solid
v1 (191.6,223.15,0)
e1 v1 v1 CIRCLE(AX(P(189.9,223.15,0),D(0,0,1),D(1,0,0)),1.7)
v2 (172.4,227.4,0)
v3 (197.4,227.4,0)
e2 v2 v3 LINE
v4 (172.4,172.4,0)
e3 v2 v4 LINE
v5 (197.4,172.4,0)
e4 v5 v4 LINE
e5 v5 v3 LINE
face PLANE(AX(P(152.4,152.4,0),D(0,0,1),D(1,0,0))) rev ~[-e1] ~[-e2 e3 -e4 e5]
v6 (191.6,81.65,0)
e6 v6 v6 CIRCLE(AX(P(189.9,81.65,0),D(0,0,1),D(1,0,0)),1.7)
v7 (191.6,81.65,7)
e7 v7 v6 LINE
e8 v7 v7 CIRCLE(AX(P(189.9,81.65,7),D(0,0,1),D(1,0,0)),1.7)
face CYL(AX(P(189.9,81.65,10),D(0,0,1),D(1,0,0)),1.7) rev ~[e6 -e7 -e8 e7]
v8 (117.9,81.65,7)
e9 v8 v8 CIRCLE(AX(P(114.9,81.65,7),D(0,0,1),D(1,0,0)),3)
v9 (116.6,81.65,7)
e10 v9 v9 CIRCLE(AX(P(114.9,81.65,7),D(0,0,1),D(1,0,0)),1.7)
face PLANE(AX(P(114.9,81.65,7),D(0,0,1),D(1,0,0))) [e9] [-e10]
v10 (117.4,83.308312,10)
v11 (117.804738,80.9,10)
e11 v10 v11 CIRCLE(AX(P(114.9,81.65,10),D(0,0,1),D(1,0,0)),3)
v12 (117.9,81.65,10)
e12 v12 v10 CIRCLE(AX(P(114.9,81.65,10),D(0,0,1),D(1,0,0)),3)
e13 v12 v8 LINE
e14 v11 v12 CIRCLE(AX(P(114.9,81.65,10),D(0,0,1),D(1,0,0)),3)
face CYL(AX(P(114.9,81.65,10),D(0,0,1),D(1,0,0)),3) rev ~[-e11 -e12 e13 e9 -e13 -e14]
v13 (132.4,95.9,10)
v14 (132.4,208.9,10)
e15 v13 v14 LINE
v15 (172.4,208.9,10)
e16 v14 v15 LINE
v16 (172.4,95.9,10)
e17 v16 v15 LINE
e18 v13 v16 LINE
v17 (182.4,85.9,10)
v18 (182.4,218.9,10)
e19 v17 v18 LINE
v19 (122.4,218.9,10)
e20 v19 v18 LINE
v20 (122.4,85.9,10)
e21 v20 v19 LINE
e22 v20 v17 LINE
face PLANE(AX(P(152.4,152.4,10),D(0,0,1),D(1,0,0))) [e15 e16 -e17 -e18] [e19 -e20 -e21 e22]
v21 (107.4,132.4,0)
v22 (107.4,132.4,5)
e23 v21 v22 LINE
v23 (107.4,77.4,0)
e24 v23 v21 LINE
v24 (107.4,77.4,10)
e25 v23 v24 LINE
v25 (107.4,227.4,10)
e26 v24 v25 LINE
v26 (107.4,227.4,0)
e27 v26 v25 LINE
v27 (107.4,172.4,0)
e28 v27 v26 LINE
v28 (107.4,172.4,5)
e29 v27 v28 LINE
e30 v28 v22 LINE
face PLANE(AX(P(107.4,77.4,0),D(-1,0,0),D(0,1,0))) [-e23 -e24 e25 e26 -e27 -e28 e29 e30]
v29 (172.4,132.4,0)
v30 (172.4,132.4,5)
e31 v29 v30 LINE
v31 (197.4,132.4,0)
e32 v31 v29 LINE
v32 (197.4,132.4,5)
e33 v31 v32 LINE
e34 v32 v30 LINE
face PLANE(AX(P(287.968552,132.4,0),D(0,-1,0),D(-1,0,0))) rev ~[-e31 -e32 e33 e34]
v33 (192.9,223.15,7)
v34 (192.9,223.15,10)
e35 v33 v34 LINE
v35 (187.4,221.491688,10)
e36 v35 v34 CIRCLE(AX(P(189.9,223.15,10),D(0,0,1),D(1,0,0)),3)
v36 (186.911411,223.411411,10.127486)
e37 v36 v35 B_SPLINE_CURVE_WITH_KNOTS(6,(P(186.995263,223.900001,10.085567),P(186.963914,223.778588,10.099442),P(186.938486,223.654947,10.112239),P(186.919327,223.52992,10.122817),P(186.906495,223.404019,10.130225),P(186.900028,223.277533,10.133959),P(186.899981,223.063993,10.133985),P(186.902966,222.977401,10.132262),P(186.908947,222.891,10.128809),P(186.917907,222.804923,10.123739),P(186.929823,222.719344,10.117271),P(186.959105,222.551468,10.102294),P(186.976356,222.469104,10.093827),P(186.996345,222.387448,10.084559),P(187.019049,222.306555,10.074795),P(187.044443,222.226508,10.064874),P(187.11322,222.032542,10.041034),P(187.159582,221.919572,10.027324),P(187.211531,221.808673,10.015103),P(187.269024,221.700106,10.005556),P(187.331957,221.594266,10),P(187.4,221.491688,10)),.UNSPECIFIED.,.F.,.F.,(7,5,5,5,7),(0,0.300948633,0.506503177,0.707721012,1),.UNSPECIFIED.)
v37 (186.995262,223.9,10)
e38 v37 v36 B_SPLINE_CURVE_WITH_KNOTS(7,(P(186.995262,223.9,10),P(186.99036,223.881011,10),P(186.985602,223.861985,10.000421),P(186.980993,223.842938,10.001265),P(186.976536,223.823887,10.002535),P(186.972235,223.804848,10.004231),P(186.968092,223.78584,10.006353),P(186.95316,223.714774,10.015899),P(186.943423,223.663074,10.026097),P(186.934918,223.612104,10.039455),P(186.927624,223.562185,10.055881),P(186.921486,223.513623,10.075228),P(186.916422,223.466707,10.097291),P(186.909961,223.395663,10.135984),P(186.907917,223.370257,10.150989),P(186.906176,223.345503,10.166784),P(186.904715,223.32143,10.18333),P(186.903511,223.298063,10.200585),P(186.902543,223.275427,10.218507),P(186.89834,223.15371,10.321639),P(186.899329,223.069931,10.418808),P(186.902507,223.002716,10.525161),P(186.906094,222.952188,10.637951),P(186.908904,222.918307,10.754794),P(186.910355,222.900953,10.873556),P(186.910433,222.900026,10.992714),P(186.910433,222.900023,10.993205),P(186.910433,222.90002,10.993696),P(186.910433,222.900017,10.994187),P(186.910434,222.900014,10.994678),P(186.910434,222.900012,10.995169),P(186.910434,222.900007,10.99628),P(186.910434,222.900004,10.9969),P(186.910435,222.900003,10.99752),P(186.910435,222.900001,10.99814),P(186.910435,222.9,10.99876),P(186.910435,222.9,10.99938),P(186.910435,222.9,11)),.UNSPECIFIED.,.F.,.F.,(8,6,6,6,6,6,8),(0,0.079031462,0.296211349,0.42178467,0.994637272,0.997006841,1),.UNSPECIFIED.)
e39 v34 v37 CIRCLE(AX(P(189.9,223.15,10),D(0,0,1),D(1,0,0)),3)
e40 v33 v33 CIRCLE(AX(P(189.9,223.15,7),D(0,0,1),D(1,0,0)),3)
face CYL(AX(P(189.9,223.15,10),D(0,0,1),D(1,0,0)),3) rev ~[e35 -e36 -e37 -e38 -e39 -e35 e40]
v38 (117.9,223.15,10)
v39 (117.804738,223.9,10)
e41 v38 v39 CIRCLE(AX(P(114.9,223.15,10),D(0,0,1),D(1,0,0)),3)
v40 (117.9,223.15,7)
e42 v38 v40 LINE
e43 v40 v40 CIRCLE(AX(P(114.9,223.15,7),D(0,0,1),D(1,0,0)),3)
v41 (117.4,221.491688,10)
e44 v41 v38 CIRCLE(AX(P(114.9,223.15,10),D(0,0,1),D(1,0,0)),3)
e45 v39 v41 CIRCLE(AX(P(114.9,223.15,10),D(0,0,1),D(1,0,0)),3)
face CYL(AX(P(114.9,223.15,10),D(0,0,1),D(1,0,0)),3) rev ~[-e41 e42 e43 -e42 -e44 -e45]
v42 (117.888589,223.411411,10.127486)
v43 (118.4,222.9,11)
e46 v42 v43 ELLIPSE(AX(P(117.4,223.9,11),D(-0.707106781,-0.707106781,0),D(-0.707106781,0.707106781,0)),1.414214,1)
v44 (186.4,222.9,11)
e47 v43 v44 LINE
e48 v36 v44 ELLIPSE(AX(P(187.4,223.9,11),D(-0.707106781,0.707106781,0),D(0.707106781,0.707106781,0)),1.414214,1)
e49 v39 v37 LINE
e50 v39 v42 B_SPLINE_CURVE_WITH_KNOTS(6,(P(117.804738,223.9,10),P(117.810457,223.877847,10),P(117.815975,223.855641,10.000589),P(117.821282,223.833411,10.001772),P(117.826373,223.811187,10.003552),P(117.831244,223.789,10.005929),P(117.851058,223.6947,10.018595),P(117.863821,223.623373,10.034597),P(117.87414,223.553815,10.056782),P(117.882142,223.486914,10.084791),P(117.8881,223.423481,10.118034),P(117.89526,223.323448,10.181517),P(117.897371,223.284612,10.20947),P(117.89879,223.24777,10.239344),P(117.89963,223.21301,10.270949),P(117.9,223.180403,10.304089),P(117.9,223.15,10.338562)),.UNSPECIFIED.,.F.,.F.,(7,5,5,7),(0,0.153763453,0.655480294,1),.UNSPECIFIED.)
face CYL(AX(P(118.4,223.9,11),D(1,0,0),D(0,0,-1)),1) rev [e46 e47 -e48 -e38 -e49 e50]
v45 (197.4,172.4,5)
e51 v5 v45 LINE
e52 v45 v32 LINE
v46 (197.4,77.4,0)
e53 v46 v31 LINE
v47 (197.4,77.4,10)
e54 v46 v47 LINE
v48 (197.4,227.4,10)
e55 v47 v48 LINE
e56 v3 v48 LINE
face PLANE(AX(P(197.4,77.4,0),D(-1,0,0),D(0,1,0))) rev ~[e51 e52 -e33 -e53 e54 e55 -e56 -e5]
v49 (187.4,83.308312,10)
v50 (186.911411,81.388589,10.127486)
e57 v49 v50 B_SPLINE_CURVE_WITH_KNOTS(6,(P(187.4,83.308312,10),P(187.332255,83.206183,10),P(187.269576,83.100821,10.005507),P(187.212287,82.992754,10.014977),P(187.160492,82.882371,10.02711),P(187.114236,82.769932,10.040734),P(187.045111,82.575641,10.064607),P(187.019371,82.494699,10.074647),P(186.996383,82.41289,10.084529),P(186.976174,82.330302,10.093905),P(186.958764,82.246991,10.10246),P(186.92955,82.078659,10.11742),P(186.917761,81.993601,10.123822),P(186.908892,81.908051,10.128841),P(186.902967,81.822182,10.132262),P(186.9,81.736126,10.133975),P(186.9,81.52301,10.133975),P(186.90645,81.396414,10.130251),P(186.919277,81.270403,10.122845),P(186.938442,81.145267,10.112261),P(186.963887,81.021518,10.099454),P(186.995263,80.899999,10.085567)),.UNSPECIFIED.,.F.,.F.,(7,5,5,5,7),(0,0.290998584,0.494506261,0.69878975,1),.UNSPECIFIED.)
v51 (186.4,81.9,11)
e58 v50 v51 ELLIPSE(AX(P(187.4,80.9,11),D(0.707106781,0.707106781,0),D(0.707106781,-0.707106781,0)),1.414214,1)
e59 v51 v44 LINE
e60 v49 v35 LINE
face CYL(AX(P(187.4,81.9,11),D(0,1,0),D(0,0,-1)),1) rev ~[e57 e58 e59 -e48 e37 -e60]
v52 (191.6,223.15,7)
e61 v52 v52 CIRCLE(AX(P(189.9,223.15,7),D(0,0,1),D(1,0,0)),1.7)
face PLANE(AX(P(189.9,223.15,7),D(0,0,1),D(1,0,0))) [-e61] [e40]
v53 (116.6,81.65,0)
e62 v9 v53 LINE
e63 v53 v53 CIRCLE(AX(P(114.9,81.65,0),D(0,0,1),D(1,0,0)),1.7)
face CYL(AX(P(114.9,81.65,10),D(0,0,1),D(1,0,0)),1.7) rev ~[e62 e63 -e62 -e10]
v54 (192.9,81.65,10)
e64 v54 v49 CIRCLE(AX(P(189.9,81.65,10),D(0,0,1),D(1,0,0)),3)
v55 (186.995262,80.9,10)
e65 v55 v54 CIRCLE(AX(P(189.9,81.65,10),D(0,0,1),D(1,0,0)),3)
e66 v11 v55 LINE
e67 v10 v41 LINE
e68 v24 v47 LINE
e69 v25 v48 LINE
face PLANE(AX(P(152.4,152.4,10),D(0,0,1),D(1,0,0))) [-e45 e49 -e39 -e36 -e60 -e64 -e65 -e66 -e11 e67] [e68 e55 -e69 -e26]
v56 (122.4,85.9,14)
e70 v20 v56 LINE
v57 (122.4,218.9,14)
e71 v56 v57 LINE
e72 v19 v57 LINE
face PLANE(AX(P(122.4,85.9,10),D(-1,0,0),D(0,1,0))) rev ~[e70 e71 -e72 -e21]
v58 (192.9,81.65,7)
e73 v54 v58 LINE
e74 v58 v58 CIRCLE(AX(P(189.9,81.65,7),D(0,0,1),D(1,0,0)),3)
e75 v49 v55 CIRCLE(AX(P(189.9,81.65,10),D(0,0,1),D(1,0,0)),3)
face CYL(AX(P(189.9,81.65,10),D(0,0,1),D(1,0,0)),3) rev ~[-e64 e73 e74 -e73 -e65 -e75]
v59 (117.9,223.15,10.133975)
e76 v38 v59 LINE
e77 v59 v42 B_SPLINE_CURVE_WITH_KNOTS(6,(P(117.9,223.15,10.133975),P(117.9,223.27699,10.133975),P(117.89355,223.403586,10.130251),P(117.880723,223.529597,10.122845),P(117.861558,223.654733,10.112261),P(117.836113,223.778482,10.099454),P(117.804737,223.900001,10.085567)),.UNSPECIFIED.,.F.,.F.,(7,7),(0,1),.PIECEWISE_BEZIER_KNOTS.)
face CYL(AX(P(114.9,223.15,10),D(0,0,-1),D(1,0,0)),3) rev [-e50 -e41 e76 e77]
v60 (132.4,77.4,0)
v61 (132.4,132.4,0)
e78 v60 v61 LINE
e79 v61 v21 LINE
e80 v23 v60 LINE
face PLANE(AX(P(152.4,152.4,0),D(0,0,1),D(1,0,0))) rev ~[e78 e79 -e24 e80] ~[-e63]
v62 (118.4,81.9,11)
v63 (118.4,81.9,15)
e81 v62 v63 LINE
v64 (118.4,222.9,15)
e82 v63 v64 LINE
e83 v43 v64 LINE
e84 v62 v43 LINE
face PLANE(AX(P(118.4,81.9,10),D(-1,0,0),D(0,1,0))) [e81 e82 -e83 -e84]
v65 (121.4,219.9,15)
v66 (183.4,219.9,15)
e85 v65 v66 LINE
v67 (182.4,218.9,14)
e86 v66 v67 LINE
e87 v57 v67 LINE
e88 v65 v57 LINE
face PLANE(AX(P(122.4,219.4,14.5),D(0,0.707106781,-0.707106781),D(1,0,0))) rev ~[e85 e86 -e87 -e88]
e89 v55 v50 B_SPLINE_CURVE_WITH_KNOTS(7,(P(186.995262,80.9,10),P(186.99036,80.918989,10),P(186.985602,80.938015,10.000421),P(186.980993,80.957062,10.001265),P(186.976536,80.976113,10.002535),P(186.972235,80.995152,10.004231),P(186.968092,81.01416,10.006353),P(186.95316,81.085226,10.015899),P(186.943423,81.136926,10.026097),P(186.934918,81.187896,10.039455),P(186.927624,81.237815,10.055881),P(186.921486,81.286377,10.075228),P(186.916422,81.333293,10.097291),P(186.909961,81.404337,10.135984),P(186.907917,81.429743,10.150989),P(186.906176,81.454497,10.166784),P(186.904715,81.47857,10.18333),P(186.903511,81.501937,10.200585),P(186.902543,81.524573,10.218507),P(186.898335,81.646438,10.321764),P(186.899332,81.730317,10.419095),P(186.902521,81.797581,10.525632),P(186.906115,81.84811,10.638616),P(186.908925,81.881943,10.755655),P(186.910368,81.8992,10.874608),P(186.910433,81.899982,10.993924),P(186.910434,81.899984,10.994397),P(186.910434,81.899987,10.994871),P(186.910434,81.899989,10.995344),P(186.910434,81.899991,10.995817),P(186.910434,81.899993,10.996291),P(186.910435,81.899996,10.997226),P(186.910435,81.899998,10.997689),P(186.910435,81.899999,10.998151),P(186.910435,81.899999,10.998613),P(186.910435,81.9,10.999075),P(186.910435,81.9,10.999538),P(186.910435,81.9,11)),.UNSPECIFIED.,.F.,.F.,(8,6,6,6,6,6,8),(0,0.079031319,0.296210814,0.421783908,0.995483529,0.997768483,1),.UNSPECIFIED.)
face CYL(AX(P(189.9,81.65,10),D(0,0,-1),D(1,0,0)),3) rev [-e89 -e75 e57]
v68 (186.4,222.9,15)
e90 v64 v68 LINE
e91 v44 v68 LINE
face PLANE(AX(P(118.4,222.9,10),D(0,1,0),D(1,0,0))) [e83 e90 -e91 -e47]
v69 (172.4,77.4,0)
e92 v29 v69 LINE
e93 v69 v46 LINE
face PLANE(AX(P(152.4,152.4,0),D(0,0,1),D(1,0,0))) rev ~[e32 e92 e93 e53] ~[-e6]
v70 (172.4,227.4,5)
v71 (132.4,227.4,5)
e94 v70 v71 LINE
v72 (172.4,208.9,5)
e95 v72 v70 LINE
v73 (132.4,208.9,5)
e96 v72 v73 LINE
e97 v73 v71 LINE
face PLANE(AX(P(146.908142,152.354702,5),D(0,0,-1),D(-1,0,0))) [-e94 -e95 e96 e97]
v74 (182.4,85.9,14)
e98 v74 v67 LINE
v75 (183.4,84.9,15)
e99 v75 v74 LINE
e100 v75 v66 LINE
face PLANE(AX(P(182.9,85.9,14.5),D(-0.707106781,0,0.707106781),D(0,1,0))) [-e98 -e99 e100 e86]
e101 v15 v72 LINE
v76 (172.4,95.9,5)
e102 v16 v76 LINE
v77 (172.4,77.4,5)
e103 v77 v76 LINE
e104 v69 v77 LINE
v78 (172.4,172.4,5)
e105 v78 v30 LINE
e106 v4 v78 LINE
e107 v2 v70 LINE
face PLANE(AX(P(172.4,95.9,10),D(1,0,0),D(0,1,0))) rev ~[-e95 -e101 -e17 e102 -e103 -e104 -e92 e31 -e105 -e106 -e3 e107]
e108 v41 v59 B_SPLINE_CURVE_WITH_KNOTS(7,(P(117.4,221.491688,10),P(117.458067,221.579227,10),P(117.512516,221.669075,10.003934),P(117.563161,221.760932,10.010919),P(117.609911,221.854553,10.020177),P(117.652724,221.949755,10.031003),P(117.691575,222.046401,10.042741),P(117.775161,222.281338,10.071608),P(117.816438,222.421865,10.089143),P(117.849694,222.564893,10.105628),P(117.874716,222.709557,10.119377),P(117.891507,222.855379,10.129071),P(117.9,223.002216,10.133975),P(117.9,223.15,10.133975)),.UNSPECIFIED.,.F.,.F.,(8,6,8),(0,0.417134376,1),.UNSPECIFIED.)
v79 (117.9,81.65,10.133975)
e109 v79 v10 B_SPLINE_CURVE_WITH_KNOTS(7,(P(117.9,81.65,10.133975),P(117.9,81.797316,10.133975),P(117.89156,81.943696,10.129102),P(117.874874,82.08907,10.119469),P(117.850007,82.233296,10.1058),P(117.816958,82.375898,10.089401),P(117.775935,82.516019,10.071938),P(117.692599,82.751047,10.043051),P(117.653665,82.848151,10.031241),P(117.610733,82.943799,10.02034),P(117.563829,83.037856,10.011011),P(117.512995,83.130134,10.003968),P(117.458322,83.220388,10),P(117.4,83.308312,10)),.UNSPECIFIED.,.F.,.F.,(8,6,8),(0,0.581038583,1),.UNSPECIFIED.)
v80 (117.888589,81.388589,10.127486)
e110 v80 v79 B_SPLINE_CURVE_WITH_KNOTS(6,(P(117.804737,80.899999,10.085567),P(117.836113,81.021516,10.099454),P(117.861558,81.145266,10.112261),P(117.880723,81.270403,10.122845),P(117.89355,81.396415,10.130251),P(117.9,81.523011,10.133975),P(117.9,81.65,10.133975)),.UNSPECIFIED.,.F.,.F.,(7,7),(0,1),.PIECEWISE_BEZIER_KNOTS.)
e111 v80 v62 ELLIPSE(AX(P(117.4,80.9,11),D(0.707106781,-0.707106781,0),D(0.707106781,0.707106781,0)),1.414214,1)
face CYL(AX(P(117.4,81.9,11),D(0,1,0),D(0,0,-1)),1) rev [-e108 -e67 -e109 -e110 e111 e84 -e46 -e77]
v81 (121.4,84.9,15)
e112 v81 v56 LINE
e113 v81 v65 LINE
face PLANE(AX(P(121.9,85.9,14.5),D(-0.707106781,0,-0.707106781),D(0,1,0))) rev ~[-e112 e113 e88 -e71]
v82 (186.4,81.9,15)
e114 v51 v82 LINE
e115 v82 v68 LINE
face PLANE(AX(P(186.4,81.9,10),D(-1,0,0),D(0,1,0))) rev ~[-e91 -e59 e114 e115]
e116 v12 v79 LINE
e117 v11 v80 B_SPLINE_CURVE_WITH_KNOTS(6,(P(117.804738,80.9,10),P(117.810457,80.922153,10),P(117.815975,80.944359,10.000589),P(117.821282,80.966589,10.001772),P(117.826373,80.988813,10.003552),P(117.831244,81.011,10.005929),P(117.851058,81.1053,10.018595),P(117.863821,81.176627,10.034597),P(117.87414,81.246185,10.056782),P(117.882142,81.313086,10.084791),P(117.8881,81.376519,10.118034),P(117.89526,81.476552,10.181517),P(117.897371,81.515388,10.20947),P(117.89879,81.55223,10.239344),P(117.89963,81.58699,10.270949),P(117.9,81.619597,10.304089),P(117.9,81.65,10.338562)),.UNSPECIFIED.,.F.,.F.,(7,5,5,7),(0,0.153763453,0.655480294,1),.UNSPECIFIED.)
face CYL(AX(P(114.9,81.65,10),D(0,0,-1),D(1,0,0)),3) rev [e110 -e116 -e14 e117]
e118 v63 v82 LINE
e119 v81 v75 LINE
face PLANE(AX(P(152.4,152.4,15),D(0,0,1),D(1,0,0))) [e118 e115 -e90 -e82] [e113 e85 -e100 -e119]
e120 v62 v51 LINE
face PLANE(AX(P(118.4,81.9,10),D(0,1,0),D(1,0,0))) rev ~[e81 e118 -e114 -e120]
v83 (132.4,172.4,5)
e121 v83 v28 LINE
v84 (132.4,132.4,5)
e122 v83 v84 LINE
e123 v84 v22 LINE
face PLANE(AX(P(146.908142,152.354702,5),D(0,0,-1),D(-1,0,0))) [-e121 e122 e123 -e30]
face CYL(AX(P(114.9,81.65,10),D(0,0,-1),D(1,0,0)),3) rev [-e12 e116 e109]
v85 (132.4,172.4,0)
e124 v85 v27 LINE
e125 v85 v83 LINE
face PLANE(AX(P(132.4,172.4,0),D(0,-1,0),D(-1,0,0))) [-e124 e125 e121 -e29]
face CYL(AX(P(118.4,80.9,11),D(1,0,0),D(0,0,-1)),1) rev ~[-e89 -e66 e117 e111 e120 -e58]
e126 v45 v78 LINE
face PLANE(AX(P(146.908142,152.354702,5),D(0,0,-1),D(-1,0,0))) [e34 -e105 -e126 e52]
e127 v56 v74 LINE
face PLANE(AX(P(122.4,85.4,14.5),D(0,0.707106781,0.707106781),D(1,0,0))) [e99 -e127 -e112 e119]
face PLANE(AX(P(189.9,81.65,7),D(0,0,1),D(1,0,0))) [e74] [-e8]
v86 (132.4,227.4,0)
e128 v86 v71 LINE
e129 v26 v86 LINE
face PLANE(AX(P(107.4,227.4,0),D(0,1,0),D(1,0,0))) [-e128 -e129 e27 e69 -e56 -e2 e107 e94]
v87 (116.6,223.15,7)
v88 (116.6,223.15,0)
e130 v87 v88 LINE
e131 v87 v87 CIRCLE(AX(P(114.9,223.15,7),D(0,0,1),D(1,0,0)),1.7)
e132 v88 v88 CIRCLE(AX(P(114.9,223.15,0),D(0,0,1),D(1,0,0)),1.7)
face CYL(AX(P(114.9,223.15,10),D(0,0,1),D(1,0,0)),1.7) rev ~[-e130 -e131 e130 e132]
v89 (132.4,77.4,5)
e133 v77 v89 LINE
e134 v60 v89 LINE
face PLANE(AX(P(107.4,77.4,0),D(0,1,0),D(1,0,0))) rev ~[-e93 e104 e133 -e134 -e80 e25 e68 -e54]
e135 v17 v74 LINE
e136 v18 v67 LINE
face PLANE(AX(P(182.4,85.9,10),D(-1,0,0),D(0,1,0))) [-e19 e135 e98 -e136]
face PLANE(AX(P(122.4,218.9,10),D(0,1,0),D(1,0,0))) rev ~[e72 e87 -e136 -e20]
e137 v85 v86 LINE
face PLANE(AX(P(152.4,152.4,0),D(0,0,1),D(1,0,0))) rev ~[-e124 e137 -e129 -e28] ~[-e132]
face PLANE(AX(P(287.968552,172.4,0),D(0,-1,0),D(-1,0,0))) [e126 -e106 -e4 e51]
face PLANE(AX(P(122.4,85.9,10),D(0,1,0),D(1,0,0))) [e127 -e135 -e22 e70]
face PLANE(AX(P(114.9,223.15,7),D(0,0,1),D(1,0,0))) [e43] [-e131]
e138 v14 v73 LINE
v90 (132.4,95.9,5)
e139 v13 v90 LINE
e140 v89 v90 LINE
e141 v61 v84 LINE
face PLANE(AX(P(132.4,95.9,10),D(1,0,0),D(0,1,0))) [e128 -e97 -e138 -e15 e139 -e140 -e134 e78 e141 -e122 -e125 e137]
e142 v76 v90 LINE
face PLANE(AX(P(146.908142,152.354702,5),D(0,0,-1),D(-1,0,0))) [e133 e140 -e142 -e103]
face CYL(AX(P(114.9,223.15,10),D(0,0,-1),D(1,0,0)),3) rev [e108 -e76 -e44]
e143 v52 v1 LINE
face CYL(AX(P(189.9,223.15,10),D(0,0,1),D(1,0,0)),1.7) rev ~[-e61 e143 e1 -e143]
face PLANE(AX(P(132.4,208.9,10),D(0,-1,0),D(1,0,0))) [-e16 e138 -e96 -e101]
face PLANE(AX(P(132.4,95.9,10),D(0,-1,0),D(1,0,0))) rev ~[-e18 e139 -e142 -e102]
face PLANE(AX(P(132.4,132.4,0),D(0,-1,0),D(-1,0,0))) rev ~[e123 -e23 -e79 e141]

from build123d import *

# Parameters (mm, degrees)
SKETCH1_W           = 90
SKETCH1_H           = 150
BOSS_EXTRUDE1_DEPTH = 10
SKETCH2_W           = 40
SKETCH2_H           = 183.962493804
SKETCH2_W_2         = 287.968551507
SKETCH2_H_2         = 40
CUT_EXTRUDE2_DEPTH  = 5
SKETCH3_R           = 1.7
CUT_EXTRUDE3_DEPTH  = 12
SKETCH4_W           = 68
SKETCH4_H           = 141
SKETCH4_W_2         = 60
SKETCH4_H_2         = 133
BOSS_EXTRUDE2_DEPTH = 5
FILLET1_R           = 1
CHAMFER1_SIZE       = 1
SKETCH5_W           = 40
SKETCH5_H           = 113
CUT_EXTRUDE4_DEPTH  = 10
SKETCH6_R           = 3
SKETCH6_R_2         = 1.7
CUT_EXTRUDE5_DEPTH  = 3


with BuildPart() as part:
    # Sketch1 → Boss-Extrude1 (new body)
    with BuildSketch(Plane.XY):
        with Locations((152.4, 152.4)):
            Rectangle(SKETCH1_W, SKETCH1_H)
    extrude(amount=BOSS_EXTRUDE1_DEPTH)

    # Sketch2 → Cut-Extrude2 (cut)
    with BuildSketch(Plane(origin=(0, 0, 0), x_dir=(-1, 0, 0), z_dir=(0, 0, -1))):
        Polygon((-287.968551507, 162.4), (-287.968551507, 142.4), (-162.4, 142.4), (-162.4, 60.313941127), (-142.4, 60.313941127), (-142.4, 142.4), (0, 142.4), (0, 162.4), (-142.4, 162.4), (-142.4, 244.276434931), (-162.4, 244.276434931), (-162.4, 162.4), align=None)
        with Locations((-152.4, 152.295188029)):
            Rectangle(SKETCH2_W, SKETCH2_H)
        with Locations((-143.984275754, 152.4)):
            Rectangle(SKETCH2_W_2, SKETCH2_H_2)
    extrude(amount=-CUT_EXTRUDE2_DEPTH, mode=Mode.SUBTRACT)

    # Sketch3 → Cut-Extrude3 (cut)
    with BuildSketch(Plane.XY.offset(10)):
        with Locations((189.9, 81.65)):
            Circle(SKETCH3_R)
        with Locations((189.9, 223.15)):
            Circle(SKETCH3_R)
        with Locations((114.9, 223.15)):
            Circle(SKETCH3_R)
        with Locations((114.9, 81.65)):
            Circle(SKETCH3_R)
    extrude(amount=-CUT_EXTRUDE3_DEPTH, mode=Mode.SUBTRACT)

    # Sketch4 → Boss-Extrude2 (add)
    with BuildSketch(Plane.XY.offset(10)):
        with Locations((152.4, 152.4)):
            Rectangle(SKETCH4_W, SKETCH4_H)
        with Locations((152.4, 152.4)):
            Rectangle(SKETCH4_W_2, SKETCH4_H_2, mode=Mode.SUBTRACT)
    extrude(amount=BOSS_EXTRUDE2_DEPTH)

    # Fillet1
    fillet1_edges = [part.edges().sort_by_distance(p)[0] for p in [
        (118.4, 152.4, 10),
        (152.4, 81.9, 10),
        (186.4, 152.4, 10),
        (152.4, 222.9, 10),
    ]]
    fillet(fillet1_edges, radius=FILLET1_R)

    # Chamfer1
    chamfer1_edges = [part.edges().sort_by_distance(p)[0] for p in [
        (152.4, 85.9, 15),
        (182.4, 152.4, 15),
        (152.4, 218.9, 15),
        (122.4, 152.4, 15),
    ]]
    chamfer(chamfer1_edges, length=CHAMFER1_SIZE)

    # Sketch5 → Cut-Extrude4 (cut)
    with BuildSketch(Plane.XY.offset(10)):
        with Locations((152.4, 152.4)):
            Rectangle(SKETCH5_W, SKETCH5_H)
    extrude(amount=-CUT_EXTRUDE4_DEPTH, mode=Mode.SUBTRACT)

    # Sketch6 → Cut-Extrude5 (cut, symmetric)
    # profile 1 of 4: a face of its own
    with BuildSketch(Plane.XY.offset(10)):
        with Locations((114.9, 223.15)):
            Circle(SKETCH6_R)
        with Locations((114.9, 223.15)):
            Circle(SKETCH6_R_2, mode=Mode.SUBTRACT)
    # profile 2 of 4: a face of its own
    with BuildSketch(Plane.XY.offset(10)):
        with Locations((114.9, 81.65)):
            Circle(SKETCH6_R)
        with Locations((114.9, 81.65)):
            Circle(SKETCH6_R_2, mode=Mode.SUBTRACT)
    # profile 3 of 4: a face of its own
    with BuildSketch(Plane.XY.offset(10)):
        with Locations((189.9, 81.65)):
            Circle(SKETCH6_R)
        with Locations((189.9, 81.65)):
            Circle(SKETCH6_R_2, mode=Mode.SUBTRACT)
    # profile 4 of 4: a face of its own
    with BuildSketch(Plane.XY.offset(10)):
        with Locations((189.9, 223.15)):
            Circle(SKETCH6_R)
        with Locations((189.9, 223.15)):
            Circle(SKETCH6_R_2, mode=Mode.SUBTRACT)
    extrude(amount=CUT_EXTRUDE5_DEPTH, both=True, mode=Mode.SUBTRACT)


solid = part.part
